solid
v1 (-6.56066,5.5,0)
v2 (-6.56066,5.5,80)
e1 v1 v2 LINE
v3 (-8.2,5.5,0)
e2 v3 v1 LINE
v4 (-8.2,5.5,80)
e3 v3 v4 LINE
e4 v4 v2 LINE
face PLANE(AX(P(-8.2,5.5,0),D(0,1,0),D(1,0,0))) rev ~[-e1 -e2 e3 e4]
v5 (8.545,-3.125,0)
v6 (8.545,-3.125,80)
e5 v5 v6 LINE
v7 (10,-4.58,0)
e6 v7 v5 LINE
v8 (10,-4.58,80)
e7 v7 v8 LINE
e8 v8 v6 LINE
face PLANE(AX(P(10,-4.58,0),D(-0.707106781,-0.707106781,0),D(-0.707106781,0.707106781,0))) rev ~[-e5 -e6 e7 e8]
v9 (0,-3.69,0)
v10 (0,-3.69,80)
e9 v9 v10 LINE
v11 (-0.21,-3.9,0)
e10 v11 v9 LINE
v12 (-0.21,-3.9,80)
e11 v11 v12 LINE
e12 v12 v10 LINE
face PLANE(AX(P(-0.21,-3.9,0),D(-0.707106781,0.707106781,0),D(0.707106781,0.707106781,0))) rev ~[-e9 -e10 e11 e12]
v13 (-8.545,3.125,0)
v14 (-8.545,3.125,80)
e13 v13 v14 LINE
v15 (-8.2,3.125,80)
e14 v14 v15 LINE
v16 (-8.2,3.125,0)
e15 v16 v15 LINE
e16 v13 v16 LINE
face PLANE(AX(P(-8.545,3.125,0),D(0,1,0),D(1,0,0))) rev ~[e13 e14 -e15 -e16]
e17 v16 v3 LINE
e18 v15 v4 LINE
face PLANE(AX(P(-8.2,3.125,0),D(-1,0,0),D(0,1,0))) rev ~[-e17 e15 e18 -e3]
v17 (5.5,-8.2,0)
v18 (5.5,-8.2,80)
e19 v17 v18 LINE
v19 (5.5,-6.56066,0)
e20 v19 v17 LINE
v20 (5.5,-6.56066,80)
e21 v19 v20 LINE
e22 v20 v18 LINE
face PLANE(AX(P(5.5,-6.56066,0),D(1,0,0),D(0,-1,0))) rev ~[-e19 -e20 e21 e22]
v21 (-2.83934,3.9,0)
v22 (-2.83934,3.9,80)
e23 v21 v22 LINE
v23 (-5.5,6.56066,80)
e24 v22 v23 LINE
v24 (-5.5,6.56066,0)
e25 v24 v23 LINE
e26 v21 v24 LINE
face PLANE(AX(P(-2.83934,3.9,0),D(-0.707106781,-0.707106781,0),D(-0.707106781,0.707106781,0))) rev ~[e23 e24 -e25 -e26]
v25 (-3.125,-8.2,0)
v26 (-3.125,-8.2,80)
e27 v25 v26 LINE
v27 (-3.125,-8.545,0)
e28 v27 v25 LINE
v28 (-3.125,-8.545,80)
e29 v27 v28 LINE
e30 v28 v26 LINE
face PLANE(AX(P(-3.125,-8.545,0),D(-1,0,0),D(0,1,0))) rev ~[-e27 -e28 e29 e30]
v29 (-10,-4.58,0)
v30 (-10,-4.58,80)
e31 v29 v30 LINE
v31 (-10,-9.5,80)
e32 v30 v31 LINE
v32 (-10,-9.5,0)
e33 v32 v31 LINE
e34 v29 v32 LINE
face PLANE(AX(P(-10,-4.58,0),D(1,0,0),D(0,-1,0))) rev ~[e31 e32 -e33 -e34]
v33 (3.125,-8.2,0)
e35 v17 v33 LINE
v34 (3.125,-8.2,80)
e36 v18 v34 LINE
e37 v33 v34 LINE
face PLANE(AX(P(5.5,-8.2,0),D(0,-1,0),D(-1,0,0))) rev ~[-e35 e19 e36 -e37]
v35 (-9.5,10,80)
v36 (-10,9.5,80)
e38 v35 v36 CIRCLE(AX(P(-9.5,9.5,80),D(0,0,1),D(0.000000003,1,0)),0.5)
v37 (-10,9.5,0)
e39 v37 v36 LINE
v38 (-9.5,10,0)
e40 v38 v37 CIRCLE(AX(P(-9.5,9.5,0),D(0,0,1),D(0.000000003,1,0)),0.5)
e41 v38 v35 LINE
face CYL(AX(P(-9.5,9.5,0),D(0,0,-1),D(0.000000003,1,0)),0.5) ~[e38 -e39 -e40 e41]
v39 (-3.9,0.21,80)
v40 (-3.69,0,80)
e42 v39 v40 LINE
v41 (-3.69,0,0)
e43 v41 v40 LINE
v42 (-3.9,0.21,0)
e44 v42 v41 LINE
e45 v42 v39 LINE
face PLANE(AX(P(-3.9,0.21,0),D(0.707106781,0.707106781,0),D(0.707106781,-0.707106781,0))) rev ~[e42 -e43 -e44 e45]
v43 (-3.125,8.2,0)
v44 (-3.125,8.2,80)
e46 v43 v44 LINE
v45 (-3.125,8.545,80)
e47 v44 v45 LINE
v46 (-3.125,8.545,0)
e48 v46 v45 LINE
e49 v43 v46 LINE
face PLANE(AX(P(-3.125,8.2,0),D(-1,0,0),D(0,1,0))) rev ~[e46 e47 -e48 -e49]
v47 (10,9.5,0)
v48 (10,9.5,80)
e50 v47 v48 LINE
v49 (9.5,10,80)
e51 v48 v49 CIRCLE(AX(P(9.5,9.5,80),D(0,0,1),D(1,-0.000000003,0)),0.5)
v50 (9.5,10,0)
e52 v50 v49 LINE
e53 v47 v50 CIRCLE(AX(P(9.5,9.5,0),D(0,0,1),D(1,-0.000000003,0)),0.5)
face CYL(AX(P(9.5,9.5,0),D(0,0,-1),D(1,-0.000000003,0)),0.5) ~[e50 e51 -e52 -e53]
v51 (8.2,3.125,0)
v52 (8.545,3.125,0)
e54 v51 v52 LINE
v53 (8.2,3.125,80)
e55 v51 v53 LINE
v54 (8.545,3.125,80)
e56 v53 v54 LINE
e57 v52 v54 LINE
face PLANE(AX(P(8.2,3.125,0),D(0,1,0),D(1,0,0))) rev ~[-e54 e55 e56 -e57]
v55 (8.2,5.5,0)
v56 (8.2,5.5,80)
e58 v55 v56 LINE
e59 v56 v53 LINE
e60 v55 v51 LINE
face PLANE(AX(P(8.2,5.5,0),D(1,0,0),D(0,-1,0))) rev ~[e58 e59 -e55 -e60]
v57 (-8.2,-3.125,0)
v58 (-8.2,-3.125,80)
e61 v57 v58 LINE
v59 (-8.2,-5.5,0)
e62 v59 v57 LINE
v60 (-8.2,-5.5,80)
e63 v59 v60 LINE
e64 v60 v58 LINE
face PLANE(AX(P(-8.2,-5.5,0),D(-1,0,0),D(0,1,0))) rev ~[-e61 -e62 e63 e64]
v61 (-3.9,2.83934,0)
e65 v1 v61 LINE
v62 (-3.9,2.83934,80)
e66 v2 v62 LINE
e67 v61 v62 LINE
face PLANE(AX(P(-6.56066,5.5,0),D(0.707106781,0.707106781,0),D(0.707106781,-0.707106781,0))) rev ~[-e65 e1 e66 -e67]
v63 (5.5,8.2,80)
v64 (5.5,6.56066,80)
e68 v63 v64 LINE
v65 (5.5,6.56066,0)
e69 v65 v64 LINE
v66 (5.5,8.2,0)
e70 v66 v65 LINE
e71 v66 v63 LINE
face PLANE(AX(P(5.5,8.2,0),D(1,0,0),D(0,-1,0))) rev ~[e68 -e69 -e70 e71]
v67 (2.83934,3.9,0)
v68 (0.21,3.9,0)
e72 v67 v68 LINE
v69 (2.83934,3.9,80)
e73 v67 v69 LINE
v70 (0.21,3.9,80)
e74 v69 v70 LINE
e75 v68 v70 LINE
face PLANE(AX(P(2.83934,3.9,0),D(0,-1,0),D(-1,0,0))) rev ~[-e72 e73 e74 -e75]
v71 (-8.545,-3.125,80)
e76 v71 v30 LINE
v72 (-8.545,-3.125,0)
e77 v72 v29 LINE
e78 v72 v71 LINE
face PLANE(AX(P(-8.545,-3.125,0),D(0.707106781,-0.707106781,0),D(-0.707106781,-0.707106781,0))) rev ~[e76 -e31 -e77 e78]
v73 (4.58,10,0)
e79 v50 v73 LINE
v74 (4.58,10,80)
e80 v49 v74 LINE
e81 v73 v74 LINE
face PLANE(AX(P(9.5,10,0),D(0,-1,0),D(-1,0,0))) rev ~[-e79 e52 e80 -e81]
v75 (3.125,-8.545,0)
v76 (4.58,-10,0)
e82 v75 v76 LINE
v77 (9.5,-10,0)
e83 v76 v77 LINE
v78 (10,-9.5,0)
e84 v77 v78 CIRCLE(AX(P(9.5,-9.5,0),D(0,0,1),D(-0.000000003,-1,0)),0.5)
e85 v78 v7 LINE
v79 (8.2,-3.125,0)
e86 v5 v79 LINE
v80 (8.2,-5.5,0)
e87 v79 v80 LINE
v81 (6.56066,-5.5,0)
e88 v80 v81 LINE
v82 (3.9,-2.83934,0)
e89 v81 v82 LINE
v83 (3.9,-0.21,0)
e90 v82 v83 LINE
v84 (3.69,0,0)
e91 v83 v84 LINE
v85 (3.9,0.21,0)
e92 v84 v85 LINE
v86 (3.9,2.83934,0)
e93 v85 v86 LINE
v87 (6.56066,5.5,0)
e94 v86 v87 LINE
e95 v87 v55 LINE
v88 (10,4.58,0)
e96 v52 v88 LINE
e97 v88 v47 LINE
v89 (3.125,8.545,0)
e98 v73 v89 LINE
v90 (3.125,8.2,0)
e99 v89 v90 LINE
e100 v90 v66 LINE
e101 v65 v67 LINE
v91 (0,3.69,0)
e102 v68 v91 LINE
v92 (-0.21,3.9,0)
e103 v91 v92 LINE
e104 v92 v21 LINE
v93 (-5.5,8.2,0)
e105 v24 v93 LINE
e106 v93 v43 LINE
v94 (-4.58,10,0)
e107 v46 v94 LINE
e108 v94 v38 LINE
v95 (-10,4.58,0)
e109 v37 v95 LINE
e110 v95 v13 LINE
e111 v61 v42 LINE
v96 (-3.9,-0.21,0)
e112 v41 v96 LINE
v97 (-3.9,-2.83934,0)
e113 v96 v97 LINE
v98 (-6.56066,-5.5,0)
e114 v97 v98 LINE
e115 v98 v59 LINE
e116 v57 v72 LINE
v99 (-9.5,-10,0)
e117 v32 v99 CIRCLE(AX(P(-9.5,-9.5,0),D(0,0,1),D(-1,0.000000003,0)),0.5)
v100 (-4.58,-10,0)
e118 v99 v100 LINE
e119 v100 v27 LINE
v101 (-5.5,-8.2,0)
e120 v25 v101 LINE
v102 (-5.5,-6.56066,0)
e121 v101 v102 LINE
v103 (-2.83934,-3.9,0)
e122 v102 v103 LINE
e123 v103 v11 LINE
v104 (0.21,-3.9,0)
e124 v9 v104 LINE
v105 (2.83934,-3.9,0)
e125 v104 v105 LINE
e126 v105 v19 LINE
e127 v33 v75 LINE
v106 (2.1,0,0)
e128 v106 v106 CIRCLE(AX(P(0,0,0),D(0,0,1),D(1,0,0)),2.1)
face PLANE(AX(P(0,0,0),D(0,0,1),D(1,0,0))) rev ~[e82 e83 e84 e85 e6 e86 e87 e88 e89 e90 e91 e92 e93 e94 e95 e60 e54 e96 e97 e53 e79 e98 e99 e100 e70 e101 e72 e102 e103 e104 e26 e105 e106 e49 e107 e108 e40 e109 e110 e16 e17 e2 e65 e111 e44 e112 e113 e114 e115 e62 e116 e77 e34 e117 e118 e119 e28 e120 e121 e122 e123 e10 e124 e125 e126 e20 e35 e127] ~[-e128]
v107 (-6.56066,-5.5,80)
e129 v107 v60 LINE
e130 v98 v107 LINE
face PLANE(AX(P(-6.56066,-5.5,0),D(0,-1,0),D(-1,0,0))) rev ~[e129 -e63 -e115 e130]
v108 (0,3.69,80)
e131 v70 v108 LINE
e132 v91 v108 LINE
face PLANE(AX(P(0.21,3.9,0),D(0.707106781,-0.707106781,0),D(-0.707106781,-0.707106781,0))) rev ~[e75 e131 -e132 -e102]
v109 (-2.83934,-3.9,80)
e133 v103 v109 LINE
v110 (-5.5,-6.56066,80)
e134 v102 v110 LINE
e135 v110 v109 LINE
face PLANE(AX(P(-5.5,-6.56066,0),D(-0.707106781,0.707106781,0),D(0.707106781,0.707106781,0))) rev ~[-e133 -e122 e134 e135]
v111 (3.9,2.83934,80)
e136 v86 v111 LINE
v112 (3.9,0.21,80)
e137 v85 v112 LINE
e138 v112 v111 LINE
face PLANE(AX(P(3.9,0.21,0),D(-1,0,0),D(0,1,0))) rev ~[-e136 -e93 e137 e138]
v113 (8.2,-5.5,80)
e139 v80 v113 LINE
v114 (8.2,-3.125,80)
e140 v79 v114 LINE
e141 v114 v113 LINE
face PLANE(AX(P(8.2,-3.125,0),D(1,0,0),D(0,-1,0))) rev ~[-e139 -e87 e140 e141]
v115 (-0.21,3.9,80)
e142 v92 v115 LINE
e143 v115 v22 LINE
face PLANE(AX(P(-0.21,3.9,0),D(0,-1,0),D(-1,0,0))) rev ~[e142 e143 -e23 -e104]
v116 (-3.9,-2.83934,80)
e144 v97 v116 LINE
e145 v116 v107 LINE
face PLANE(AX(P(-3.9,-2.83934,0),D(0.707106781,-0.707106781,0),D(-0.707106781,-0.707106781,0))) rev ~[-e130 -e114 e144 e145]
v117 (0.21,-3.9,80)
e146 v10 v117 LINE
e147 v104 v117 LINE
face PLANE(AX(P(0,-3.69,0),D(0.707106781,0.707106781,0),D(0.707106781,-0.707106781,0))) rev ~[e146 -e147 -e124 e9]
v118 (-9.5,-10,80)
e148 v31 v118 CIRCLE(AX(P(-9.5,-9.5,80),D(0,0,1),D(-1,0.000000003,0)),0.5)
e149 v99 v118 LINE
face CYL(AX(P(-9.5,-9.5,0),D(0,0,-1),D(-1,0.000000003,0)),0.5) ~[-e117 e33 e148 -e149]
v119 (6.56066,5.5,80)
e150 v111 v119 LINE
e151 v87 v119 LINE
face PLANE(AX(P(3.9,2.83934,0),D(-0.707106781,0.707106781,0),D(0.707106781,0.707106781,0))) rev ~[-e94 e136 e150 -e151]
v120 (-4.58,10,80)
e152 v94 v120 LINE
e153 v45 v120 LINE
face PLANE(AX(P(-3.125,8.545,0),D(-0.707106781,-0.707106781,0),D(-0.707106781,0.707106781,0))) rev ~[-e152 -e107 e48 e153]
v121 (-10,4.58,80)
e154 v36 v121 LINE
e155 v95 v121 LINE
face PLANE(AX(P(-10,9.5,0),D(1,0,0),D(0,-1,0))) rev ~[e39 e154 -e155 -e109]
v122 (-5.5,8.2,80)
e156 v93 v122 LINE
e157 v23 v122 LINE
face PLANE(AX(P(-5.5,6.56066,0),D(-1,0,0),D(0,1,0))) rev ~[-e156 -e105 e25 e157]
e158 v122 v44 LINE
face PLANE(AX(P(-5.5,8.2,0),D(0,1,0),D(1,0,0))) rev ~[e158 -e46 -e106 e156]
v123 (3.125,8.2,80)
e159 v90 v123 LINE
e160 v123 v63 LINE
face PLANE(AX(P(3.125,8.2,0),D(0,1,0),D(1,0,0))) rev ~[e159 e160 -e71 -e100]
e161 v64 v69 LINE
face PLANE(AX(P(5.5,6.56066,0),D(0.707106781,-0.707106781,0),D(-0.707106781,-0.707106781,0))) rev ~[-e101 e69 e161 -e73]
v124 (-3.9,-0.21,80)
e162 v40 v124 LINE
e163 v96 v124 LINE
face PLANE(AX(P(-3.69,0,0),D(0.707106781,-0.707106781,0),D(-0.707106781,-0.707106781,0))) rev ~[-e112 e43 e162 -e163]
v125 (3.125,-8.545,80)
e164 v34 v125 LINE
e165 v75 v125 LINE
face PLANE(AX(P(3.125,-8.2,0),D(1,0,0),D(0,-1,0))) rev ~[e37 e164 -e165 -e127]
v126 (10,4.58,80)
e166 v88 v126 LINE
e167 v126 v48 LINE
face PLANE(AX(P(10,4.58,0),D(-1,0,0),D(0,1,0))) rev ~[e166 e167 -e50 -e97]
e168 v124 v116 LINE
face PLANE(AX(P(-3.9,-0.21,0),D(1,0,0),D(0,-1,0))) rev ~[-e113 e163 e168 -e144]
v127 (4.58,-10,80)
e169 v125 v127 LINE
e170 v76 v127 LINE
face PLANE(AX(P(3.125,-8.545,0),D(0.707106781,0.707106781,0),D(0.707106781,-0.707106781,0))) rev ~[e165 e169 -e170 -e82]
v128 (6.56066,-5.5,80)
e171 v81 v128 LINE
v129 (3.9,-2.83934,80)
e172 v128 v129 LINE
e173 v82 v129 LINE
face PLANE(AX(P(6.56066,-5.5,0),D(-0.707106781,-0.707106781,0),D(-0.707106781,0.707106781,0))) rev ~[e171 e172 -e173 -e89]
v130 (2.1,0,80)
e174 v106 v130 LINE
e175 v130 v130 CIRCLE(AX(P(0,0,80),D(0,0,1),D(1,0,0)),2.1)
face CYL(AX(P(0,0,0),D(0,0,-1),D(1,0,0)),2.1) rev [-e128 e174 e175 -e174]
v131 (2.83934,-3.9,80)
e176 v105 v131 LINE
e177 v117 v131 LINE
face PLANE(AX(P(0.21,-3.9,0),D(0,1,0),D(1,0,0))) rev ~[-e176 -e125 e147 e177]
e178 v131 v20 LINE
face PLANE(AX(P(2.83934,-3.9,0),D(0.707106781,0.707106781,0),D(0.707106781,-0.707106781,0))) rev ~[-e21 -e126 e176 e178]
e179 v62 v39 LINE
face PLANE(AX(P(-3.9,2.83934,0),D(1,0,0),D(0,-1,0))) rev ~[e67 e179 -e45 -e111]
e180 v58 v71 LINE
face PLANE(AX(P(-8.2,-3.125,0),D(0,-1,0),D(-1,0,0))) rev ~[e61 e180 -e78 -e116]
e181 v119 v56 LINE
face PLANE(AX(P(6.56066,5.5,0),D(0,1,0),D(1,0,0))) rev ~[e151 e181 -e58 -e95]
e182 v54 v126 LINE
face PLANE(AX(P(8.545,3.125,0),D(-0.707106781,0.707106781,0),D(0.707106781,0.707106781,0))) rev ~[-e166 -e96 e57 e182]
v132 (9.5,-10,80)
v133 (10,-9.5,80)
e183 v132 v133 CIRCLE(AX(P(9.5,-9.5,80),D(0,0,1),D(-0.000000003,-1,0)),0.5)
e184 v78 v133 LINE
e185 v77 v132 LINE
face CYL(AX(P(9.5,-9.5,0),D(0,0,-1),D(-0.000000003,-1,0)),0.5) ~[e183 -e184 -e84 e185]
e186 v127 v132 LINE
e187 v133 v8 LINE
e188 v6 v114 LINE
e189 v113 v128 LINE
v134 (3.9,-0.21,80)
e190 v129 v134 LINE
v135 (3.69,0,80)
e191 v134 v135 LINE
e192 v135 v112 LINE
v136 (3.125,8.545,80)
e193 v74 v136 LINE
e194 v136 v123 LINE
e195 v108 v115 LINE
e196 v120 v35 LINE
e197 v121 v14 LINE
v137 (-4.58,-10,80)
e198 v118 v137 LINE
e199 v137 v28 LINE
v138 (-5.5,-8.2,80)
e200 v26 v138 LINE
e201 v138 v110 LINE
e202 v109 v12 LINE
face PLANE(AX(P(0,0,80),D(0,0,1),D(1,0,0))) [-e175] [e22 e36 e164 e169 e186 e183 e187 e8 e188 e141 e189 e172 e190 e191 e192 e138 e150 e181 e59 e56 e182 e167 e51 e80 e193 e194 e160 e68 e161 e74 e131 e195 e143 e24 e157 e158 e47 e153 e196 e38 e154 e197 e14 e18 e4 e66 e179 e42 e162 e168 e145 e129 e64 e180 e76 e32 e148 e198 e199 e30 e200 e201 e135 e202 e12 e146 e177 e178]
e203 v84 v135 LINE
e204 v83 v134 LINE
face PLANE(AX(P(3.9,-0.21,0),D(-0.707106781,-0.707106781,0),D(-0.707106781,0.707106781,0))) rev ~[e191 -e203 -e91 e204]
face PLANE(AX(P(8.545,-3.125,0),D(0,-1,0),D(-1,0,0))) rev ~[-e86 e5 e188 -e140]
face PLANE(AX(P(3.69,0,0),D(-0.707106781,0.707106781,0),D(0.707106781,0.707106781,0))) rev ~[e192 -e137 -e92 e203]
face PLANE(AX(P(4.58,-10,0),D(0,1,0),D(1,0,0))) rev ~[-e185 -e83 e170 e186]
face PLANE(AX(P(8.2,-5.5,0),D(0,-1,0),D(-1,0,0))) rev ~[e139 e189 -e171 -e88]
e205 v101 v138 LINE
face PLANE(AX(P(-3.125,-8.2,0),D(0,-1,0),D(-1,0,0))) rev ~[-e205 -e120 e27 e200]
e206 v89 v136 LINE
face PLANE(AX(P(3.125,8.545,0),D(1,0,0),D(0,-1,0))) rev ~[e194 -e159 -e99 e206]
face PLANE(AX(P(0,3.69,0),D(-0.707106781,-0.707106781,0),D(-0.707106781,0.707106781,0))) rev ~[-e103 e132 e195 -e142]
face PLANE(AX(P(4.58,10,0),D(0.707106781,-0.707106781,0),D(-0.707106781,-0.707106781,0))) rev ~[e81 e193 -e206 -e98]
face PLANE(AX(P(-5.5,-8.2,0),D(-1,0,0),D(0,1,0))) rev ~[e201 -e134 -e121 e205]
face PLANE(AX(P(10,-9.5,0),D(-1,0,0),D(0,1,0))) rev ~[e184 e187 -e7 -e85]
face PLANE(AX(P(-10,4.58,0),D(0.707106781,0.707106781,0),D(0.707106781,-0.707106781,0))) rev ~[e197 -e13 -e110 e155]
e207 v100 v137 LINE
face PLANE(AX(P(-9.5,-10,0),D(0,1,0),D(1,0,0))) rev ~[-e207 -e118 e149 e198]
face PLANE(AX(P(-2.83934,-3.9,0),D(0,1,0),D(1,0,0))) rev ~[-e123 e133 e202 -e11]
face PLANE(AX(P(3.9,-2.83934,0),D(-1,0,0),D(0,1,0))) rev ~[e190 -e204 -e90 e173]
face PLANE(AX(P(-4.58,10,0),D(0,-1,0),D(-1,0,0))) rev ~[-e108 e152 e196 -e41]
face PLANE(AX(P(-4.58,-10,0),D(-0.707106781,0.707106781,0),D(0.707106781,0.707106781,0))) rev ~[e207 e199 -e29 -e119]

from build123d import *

# Parameters (mm, degrees)
SKETCH1_R           = 2.1
BOSS_EXTRUDE1_DEPTH = 80


with BuildPart() as part:
    # Sketch1 → Boss-Extrude1 (new body)
    with BuildSketch(Plane.XY):
        with BuildLine():
            Line((4.58, -10), (9.5, -10))
            ThreePointArc((9.5, -10), (9.853553391, -9.853553391), (10, -9.5))
            Line((10, -9.5), (10, -4.58))
            Line((10, -4.58), (8.545, -3.125))
            Line((8.545, -3.125), (8.2, -3.125))
            Line((8.2, -3.125), (8.2, -5.5))
            Line((8.2, -5.5), (6.560660172, -5.5))
            Line((6.560660172, -5.5), (3.9, -2.839339828))
            Line((3.9, -2.839339828), (3.9, -0.21))
            Line((3.9, -0.21), (3.69, 0))
            Line((3.69, 0), (3.9, 0.21))
            Line((3.9, 0.21), (3.9, 2.839339828))
            Line((3.9, 2.839339828), (6.560660172, 5.5))
            Line((6.560660172, 5.5), (8.2, 5.5))
            Line((8.2, 5.5), (8.2, 3.125))
            Line((8.2, 3.125), (8.545, 3.125))
            Line((8.545, 3.125), (10, 4.58))
            Line((10, 4.58), (10, 9.5))
            ThreePointArc((10, 9.5), (9.853553391, 9.853553391), (9.5, 10))
            Line((9.5, 10), (4.58, 10))
            Line((4.58, 10), (3.125, 8.545))
            Line((3.125, 8.545), (3.125, 8.2))
            Line((3.125, 8.2), (5.5, 8.2))
            Line((5.5, 8.2), (5.5, 6.560660172))
            Line((5.5, 6.560660172), (2.839339828, 3.9))
            Line((2.839339828, 3.9), (0.21, 3.9))
            Line((0.21, 3.9), (0, 3.69))
            Line((0, 3.69), (-0.21, 3.9))
            Line((-0.21, 3.9), (-2.839339828, 3.9))
            Line((-2.839339828, 3.9), (-5.5, 6.560660172))
            Line((-5.5, 6.560660172), (-5.5, 8.2))
            Line((-5.5, 8.2), (-3.125, 8.2))
            Line((-3.125, 8.2), (-3.125, 8.545))
            Line((-3.125, 8.545), (-4.58, 10))
            Line((-4.58, 10), (-9.5, 10))
            ThreePointArc((-9.5, 10), (-9.853553391, 9.853553391), (-10, 9.5))
            Line((-10, 9.5), (-10, 4.58))
            Line((-10, 4.58), (-8.545, 3.125))
            Line((-8.545, 3.125), (-8.2, 3.125))
            Line((-8.2, 3.125), (-8.2, 5.5))
            Line((-8.2, 5.5), (-6.560660172, 5.5))
            Line((-6.560660172, 5.5), (-3.9, 2.839339828))
            Line((-3.9, 2.839339828), (-3.9, 0.21))
            Line((-3.9, 0.21), (-3.69, 0))
            Line((-3.69, 0), (-3.9, -0.21))
            Line((-3.9, -0.21), (-3.9, -2.839339828))
            Line((-3.9, -2.839339828), (-6.560660172, -5.5))
            Line((-6.560660172, -5.5), (-8.2, -5.5))
            Line((-8.2, -5.5), (-8.2, -3.125))
            Line((-8.2, -3.125), (-8.545, -3.125))
            Line((-8.545, -3.125), (-10, -4.58))
            Line((-10, -4.58), (-10, -9.5))
            ThreePointArc((-10, -9.5), (-9.853553391, -9.853553391), (-9.5, -10))
            Line((-9.5, -10), (-4.58, -10))
            Line((-4.58, -10), (-3.125, -8.545))
            Line((-3.125, -8.545), (-3.125, -8.2))
            Line((-3.125, -8.2), (-5.5, -8.2))
            Line((-5.5, -8.2), (-5.5, -6.560660172))
            Line((-5.5, -6.560660172), (-2.839339828, -3.9))
            Line((-2.839339828, -3.9), (-0.21, -3.9))
            Line((-0.21, -3.9), (0, -3.69))
            Line((0, -3.69), (0.21, -3.9))
            Line((0.21, -3.9), (2.839339828, -3.9))
            Line((2.839339828, -3.9), (5.5, -6.560660172))
            Line((5.5, -6.560660172), (5.5, -8.2))
            Line((5.5, -8.2), (3.125, -8.2))
            Line((3.125, -8.2), (3.125, -8.545))
            Line((3.125, -8.545), (4.58, -10))
        make_face()
        Circle(SKETCH1_R, mode=Mode.SUBTRACT)
    extrude(amount=BOSS_EXTRUDE1_DEPTH)


solid = part.part
